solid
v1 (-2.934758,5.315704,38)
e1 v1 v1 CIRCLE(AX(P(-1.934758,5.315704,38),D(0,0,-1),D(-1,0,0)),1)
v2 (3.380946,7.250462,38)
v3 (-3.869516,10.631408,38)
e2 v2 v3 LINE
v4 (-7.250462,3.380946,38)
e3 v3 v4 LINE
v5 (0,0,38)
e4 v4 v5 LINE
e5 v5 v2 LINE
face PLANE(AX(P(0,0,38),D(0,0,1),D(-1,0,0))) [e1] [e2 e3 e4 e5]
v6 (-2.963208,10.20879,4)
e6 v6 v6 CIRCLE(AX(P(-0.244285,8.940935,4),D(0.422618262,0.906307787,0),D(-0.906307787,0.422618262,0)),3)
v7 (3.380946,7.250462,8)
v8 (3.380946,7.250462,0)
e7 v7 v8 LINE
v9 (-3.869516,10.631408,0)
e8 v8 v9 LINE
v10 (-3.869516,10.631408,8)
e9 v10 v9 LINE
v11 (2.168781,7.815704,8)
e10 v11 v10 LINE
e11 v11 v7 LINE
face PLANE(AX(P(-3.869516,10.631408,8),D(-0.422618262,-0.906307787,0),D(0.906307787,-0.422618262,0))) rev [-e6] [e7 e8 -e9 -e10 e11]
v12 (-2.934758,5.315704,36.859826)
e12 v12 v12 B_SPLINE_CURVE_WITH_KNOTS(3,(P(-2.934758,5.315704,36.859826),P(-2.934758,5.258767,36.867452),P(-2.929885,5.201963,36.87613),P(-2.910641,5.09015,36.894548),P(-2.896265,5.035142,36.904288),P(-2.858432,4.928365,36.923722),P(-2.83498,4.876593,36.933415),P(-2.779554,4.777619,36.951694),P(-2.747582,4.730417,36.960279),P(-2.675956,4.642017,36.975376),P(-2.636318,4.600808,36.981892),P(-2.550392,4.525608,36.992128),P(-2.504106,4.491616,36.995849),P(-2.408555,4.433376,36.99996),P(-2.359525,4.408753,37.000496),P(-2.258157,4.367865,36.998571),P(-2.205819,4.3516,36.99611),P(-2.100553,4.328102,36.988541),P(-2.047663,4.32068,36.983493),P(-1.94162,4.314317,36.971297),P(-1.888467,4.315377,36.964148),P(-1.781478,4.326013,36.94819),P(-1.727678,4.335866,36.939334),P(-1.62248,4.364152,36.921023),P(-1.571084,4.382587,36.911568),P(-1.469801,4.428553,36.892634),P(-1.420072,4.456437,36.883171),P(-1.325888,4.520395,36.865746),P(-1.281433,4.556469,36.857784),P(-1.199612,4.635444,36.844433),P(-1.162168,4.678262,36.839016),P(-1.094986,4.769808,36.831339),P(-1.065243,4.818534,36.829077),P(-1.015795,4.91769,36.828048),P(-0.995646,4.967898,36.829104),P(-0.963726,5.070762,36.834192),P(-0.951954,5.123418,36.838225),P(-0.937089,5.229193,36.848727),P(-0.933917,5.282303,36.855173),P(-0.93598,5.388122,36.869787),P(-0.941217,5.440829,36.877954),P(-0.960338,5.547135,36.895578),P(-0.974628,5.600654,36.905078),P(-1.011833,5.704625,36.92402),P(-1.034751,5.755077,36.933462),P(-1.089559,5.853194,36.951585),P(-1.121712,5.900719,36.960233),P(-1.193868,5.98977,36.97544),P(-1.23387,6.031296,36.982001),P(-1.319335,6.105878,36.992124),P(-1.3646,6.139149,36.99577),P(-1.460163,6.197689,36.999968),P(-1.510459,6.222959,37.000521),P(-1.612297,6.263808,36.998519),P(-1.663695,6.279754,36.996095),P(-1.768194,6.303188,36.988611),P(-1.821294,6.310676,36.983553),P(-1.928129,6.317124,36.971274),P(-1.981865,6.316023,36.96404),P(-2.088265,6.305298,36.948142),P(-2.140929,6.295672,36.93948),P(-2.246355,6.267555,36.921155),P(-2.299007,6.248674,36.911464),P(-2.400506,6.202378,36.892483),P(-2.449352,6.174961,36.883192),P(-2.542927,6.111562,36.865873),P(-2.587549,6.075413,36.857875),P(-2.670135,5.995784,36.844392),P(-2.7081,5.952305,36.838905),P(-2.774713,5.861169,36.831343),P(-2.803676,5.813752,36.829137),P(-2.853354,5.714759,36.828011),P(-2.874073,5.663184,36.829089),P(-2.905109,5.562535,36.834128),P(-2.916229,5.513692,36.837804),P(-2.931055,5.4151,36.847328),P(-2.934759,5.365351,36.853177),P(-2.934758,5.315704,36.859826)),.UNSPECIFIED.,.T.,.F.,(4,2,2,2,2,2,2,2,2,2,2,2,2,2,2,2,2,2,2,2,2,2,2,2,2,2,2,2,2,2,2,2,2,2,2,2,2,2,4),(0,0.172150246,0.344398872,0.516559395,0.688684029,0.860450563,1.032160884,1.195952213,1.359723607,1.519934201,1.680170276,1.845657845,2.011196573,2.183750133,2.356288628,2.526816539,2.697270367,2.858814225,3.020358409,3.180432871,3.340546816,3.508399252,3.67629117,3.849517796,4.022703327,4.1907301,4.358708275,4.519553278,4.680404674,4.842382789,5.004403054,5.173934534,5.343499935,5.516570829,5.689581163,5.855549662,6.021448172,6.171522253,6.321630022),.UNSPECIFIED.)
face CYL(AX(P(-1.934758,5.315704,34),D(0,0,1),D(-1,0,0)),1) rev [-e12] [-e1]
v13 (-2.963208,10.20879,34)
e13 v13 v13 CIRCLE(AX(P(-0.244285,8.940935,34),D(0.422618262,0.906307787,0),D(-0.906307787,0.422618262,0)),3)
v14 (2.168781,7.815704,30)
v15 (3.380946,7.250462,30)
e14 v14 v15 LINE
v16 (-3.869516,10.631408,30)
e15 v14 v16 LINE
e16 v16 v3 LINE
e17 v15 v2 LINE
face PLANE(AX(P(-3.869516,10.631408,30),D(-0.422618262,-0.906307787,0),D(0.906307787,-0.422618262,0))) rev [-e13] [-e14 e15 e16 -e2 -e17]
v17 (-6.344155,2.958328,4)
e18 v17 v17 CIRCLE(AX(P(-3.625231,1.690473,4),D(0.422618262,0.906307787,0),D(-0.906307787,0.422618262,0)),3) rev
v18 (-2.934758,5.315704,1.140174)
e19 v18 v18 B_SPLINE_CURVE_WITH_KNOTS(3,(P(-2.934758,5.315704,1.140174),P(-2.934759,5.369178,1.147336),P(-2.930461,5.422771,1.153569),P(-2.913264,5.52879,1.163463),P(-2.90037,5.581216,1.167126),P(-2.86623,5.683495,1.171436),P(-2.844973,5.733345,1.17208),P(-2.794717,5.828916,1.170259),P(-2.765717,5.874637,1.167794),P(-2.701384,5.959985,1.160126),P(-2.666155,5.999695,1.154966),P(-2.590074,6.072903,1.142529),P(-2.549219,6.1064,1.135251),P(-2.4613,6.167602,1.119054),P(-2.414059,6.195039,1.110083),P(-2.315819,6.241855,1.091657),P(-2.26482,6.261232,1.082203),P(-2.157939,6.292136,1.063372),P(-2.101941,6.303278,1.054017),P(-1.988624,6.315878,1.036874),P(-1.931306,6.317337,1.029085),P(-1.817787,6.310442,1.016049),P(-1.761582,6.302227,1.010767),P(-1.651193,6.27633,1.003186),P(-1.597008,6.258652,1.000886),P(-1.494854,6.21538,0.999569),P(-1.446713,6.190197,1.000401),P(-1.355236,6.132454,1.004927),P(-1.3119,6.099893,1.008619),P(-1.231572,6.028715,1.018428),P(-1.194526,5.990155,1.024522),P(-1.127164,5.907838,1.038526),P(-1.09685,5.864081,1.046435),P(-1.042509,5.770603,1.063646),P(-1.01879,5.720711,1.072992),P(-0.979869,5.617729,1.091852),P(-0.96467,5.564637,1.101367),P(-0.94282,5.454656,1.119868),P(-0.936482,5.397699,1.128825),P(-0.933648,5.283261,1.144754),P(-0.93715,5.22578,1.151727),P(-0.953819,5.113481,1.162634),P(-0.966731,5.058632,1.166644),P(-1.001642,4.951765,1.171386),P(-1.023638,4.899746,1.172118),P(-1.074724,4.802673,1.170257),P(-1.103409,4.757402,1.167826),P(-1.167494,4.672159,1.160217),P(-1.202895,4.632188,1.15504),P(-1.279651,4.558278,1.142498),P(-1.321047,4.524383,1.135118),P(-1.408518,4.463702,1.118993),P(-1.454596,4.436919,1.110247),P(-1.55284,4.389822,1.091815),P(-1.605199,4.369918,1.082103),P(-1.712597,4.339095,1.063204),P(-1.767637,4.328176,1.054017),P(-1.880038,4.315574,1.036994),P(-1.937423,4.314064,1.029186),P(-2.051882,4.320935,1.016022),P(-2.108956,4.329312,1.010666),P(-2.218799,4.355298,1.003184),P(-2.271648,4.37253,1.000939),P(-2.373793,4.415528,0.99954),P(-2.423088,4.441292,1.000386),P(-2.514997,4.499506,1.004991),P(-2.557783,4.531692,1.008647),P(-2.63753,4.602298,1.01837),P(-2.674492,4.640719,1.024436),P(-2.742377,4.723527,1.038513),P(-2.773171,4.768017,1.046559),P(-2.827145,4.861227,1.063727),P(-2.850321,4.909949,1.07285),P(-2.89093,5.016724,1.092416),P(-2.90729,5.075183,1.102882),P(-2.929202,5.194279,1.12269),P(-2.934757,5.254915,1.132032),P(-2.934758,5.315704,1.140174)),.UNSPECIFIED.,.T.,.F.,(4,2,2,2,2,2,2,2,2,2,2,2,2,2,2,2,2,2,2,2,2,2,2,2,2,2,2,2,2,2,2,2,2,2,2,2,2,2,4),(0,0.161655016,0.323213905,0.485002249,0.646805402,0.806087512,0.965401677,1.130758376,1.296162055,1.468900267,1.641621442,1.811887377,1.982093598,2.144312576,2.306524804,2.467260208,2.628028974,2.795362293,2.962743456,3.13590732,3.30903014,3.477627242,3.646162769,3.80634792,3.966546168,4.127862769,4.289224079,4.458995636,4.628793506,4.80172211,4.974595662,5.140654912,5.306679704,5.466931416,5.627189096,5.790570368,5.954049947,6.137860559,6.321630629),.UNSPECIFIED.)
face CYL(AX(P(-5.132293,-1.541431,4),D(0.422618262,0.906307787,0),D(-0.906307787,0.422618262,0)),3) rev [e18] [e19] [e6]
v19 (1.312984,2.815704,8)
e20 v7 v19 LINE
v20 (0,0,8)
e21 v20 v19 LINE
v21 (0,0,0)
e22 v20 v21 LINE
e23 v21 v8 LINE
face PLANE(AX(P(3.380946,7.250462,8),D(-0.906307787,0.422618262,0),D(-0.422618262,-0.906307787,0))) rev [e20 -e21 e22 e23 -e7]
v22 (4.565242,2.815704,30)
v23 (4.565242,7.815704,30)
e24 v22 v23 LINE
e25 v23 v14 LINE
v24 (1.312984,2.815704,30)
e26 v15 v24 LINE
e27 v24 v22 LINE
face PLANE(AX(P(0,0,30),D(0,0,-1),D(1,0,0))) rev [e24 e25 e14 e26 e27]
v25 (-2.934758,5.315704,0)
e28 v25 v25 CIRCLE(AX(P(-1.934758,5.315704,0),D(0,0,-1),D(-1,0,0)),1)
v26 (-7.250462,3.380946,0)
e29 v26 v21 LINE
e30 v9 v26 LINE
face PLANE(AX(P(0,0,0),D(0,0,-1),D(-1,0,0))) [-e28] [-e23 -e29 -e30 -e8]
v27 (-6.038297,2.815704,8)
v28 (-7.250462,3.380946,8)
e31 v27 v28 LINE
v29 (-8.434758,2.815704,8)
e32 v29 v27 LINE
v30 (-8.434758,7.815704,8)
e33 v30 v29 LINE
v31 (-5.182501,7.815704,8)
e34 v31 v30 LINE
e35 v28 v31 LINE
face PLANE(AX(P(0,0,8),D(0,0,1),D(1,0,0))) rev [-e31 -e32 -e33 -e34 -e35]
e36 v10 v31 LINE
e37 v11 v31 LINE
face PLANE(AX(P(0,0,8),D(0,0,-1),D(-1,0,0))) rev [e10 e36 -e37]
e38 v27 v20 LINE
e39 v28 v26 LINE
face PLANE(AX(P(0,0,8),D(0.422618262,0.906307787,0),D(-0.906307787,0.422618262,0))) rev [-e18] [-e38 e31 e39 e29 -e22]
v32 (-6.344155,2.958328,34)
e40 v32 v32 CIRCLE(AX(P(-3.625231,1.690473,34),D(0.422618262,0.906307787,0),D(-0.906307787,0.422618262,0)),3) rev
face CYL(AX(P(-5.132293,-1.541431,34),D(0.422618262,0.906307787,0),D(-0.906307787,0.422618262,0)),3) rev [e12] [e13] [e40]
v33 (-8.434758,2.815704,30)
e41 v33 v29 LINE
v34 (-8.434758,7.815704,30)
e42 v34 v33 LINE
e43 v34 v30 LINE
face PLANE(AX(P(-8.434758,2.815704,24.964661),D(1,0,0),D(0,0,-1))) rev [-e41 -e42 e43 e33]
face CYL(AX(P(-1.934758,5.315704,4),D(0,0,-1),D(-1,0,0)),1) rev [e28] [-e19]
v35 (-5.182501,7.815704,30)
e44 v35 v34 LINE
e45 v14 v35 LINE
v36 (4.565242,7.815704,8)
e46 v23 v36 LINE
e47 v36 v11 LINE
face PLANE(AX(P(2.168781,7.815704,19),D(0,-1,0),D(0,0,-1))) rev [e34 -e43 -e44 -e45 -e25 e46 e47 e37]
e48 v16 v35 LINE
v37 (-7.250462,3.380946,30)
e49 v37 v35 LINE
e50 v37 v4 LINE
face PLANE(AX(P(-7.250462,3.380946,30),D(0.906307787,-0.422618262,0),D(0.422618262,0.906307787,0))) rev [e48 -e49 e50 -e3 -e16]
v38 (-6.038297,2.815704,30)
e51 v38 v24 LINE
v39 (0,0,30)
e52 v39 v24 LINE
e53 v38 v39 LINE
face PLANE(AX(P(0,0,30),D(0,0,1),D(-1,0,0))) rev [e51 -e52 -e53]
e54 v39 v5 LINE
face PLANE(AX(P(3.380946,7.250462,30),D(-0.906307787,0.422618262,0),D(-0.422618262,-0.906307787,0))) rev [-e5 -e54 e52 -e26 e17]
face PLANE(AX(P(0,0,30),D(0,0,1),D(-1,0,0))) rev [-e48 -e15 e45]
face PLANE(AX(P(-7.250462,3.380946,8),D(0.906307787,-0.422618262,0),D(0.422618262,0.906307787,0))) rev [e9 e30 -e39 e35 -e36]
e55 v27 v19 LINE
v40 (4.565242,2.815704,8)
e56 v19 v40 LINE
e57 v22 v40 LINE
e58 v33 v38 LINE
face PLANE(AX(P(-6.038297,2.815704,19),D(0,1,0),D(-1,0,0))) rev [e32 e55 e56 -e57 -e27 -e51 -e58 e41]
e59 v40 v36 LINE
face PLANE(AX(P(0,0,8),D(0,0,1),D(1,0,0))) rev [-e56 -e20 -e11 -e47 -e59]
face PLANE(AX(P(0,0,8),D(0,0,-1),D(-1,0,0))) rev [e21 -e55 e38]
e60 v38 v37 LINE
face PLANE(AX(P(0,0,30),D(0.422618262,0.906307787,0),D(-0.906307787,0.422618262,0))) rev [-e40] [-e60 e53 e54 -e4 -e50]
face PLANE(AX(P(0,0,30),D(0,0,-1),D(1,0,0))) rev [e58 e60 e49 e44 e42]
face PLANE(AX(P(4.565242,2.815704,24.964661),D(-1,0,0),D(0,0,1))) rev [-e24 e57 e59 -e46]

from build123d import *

# Parameters (mm, degrees)
BOSS_EXTRUDE1_DEPTH = 8
BOSS_EXTRUDE2_DEPTH = 11
BOSS_EXTRUDE3_DEPTH = 11
SKETCH5_R           = 1
CUT_EXTRUDE2_DEPTH  = 4
CUT_EXTRUDE1_REACH  = 13.565
SKETCH4_R           = 3


with BuildPart() as part:
    # Sketch1 → Boss-Extrude1 (new body)
    with BuildSketch(Plane.XY):
        Polygon((0, 0), (-7.250462296, 3.380946094), (-3.869516202, 10.63140839), (3.380946094, 7.250462296), align=None)
    extrude(amount=BOSS_EXTRUDE1_DEPTH)

    # Sketch2 → Boss-Extrude2 (add)
    with BuildSketch(Plane.XY.offset(8)):
        Polygon((-6.038297133, 2.815704195), (1.312984429, 2.815704195), (3.380946094, 7.250462296), (2.16878093, 7.815704195), (-5.182500632, 7.815704195), (-7.250462296, 3.380946094), align=None)
    extrude(amount=BOSS_EXTRUDE2_DEPTH)

    # Sketch3 → Boss-Extrude3 (add)
    with BuildSketch(Plane.XY.offset(8)):
        Polygon((-5.182500632, 7.815704195), (-8.434758101, 7.815704195), (-8.434758101, 2.815704195), (-6.038297133, 2.815704195), (-7.250462296, 3.380946094), align=None)
        Polygon((1.312984429, 2.815704195), (4.565241899, 2.815704195), (4.565241899, 7.815704195), (2.16878093, 7.815704195), (3.380946094, 7.250462296), align=None)
    extrude(amount=BOSS_EXTRUDE3_DEPTH)

    # Sketch5 → Cut-Extrude2 (cut)
    with BuildSketch(Plane(origin=(0, 0, 0), x_dir=(-1, 0, 0), z_dir=(0, 0, -1))):
        with Locations((1.934758101, 5.315704195)):
            Circle(SKETCH5_R)
    extrude(amount=-CUT_EXTRUDE2_DEPTH, mode=Mode.SUBTRACT)

    # Mirror2: part across face


with BuildPart() as part_1:
    add(part.part)
    add(part.part.mirror(Plane(origin=(-1.934758101, 5.315704195, 19), x_dir=(1, 0, 0), z_dir=(0, 0, 1))))

    # Sketch4 → Cut-Extrude1 (cut, up to next)
    with BuildSketch(Plane(origin=(3.380946094, 7.250462296, 0), x_dir=(0.906307787, -0.422618262, 0), z_dir=(0.422618262, 0.906307787, 0)), mode=Mode.PRIVATE) as cut_extrude1_sk1:
        with Locations((-4, -4)):
            Circle(SKETCH4_R)
    cut_extrude1_tool1 = extrude(cut_extrude1_sk1.sketch, amount=-CUT_EXTRUDE1_REACH, mode=Mode.PRIVATE) & part_1.part
    add(cut_extrude1_tool1.solids().sort_by_distance((-0.244285, 8.940935, 4))[0], mode=Mode.SUBTRACT)
    # Sketch4 → Cut-Extrude1 (cut, up to next)
    with BuildSketch(Plane(origin=(3.380946094, 7.250462296, 0), x_dir=(0.906307787, -0.422618262, 0), z_dir=(0.422618262, 0.906307787, 0)), mode=Mode.PRIVATE) as cut_extrude1_sk2:
        with Locations((-4, -34)):
            Circle(SKETCH4_R)
    cut_extrude1_tool2 = extrude(cut_extrude1_sk2.sketch, amount=-CUT_EXTRUDE1_REACH, mode=Mode.PRIVATE) & part_1.part
    add(cut_extrude1_tool2.solids().sort_by_distance((-0.244285, 8.940935, 34))[0], mode=Mode.SUBTRACT)


solid = part_1.part
